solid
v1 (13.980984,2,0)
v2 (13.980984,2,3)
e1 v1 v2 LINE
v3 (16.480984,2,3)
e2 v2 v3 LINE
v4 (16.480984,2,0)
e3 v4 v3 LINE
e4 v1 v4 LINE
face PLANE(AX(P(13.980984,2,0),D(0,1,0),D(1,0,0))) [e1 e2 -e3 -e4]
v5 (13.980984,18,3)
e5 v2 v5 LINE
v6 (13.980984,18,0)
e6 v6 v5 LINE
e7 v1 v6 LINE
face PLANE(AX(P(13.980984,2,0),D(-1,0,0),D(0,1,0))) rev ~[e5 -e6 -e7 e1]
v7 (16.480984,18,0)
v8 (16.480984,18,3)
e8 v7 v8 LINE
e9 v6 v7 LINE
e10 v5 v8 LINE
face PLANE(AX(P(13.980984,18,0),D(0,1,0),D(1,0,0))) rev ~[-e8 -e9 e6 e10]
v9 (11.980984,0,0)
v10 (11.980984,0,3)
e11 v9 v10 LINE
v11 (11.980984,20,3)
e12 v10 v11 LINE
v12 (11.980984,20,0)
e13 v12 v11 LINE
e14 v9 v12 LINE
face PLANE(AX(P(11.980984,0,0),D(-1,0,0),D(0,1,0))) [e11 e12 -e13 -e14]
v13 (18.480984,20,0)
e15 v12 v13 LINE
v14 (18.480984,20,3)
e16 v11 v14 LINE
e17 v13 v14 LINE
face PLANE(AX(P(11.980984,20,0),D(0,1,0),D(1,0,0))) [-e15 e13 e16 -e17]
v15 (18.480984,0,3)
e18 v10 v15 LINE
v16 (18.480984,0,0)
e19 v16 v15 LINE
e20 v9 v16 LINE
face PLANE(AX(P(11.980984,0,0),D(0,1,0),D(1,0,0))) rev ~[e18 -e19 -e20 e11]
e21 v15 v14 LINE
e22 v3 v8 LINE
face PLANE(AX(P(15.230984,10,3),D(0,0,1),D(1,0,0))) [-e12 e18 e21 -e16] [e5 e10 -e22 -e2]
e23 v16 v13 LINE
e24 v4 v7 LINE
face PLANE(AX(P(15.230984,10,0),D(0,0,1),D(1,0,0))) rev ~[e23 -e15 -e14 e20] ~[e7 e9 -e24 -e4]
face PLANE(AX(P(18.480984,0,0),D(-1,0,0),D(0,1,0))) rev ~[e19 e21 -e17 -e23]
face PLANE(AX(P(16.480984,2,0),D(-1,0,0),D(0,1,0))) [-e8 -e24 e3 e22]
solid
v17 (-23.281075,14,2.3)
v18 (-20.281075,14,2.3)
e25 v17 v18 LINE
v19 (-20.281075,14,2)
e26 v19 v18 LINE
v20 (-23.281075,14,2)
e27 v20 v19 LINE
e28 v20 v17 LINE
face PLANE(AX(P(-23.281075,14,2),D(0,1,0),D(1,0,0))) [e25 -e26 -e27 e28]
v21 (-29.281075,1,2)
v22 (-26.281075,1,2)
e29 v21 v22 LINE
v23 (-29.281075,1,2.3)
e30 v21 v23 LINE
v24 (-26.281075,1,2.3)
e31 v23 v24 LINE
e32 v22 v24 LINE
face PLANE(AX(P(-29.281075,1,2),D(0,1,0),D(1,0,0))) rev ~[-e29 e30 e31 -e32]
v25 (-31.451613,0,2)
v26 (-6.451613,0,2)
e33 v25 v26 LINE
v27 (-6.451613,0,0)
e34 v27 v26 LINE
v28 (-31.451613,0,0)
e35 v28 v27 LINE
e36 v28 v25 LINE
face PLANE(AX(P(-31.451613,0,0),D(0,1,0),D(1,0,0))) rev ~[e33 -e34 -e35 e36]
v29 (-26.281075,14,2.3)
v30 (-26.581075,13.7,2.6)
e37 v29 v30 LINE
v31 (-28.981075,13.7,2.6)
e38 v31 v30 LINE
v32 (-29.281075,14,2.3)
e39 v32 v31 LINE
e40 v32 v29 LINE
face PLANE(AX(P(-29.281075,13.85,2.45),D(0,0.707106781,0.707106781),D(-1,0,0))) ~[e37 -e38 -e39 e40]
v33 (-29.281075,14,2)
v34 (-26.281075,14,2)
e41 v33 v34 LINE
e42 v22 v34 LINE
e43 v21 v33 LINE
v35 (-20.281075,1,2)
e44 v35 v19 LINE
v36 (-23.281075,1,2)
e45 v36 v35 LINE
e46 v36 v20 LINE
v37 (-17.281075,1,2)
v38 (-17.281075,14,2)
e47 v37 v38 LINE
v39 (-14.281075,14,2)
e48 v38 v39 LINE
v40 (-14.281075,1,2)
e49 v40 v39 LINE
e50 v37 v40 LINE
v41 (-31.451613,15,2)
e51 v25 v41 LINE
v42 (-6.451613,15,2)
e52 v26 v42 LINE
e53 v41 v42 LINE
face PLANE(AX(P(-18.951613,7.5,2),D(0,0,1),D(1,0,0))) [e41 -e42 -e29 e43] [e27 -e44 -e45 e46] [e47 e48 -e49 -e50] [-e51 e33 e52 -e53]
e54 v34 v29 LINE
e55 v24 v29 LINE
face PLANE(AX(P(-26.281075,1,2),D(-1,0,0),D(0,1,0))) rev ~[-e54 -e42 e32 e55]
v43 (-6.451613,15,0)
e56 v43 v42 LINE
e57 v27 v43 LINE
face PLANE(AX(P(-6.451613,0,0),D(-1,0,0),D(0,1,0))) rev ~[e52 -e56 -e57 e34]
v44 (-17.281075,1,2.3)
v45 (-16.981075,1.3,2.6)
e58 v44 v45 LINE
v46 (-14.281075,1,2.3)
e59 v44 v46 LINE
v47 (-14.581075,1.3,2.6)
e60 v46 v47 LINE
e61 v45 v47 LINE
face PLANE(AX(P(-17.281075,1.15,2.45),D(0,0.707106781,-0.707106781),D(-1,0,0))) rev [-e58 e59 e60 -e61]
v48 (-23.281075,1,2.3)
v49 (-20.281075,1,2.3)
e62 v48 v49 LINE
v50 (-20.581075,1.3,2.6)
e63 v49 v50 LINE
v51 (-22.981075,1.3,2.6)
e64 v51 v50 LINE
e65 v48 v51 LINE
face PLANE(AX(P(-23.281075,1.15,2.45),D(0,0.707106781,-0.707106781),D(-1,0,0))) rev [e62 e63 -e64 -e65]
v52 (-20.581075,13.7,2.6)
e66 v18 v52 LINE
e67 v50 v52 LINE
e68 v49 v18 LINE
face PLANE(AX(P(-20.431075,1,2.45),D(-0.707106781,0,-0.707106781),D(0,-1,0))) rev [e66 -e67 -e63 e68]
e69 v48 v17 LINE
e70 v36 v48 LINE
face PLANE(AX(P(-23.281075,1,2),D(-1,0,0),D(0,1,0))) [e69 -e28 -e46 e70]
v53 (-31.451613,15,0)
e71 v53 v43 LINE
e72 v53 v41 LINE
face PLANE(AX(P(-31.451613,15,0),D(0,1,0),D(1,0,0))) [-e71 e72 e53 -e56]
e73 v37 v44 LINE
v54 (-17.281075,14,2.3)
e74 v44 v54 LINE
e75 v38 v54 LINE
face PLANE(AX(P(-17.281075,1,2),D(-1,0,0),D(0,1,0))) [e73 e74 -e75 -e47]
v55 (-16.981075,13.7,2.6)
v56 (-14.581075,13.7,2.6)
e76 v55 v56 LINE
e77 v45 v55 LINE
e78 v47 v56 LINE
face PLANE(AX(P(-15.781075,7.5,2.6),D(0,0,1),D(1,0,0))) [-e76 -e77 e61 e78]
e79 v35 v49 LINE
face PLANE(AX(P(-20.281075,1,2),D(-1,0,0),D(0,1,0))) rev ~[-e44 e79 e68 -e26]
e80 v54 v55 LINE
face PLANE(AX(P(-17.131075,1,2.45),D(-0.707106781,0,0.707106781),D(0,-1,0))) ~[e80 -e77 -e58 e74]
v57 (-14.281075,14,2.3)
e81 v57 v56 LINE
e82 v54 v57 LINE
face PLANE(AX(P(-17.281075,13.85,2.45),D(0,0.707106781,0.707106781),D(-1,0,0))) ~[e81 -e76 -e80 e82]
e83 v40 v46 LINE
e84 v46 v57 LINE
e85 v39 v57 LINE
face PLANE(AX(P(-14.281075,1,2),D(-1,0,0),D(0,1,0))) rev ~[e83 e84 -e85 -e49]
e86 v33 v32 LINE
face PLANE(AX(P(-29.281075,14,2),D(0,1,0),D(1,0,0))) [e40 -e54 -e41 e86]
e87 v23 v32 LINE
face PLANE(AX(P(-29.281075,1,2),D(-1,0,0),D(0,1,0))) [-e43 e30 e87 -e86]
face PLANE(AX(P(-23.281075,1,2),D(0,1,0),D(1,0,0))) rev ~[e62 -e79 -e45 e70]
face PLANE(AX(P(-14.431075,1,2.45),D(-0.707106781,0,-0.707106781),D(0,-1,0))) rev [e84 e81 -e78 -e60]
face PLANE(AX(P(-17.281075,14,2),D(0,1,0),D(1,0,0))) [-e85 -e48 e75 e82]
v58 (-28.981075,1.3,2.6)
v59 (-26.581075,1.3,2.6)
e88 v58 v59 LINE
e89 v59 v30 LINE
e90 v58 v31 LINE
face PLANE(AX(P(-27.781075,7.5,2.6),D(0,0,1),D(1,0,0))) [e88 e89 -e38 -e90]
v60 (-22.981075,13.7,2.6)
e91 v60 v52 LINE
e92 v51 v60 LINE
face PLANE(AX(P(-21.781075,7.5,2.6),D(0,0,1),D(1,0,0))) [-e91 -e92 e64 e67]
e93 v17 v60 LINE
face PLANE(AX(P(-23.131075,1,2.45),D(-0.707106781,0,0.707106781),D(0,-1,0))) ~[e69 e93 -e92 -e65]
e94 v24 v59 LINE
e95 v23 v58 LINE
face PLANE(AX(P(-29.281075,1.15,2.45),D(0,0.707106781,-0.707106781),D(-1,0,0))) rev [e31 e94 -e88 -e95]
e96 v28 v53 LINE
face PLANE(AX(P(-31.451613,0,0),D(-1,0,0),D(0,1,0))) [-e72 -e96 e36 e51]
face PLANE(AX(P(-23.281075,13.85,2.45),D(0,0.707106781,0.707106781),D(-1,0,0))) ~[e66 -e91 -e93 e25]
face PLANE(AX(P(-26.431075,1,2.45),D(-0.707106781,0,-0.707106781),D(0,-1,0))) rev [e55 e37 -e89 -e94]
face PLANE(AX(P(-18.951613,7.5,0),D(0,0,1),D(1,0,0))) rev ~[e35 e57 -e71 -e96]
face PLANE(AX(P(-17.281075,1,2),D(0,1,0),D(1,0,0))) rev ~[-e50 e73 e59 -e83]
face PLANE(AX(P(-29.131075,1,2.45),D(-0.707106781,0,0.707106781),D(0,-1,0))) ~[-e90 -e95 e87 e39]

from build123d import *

# Parameters (mm, degrees)
F0_W     = 25
F0_H     = 15
F1_DEPTH = 2
F0_W_2   = 6.5
F0_H_2   = 20
F0_W_3   = 2.5
F0_H_3   = 16
F2_DEPTH = 3
F3_W     = 3
F3_H     = 13
F4_DEPTH = 0.6
F5_SIZE  = 0.3


with BuildPart() as f1:
    # F0 (on Top) → F1 (new body)
    with BuildSketch(Plane.XY):
        with Locations((-18.951613, 7.5)):
            Rectangle(F0_W, F0_H)
    extrude(amount=F1_DEPTH)

    # F3 (on face) → F4 (join)
    with BuildSketch(Plane.XY.offset(2)):
        with Locations((-27.781075, 7.5)):
            Rectangle(F3_W, F3_H)
        with Locations((-21.781075, 7.5)):
            Rectangle(F3_W, F3_H)
        with Locations((-15.781075, 7.5)):
            Rectangle(F3_W, F3_H)
    extrude(amount=F4_DEPTH)

    # F5
    f5_edges = [f1.edges().sort_by_distance(p)[0] for p in [
        (-27.781075, 14, 2.6),
        (-29.281075, 7.5, 2.6),
        (-27.781075, 1, 2.6),
        (-26.281075, 7.5, 2.6),
        (-21.781075, 14, 2.6),
        (-23.281075, 7.5, 2.6),
        (-21.781075, 1, 2.6),
        (-20.281075, 7.5, 2.6),
        (-14.281075, 7.5, 2.6),
        (-15.781075, 14, 2.6),
        (-17.281075, 7.5, 2.6),
        (-15.781075, 1, 2.6),
    ]]
    chamfer(f5_edges, length=F5_SIZE)


with BuildPart() as f2:
    # F0 (on Top) → F2 (new body)
    with BuildSketch(Plane.XY):
        with Locations((15.230984, 10)):
            Rectangle(F0_W_2, F0_H_2)
        with Locations((15.230984, 10)):
            Rectangle(F0_W_3, F0_H_3, mode=Mode.SUBTRACT)
    extrude(amount=F2_DEPTH)


solid = Compound([f1.part, f2.part])
